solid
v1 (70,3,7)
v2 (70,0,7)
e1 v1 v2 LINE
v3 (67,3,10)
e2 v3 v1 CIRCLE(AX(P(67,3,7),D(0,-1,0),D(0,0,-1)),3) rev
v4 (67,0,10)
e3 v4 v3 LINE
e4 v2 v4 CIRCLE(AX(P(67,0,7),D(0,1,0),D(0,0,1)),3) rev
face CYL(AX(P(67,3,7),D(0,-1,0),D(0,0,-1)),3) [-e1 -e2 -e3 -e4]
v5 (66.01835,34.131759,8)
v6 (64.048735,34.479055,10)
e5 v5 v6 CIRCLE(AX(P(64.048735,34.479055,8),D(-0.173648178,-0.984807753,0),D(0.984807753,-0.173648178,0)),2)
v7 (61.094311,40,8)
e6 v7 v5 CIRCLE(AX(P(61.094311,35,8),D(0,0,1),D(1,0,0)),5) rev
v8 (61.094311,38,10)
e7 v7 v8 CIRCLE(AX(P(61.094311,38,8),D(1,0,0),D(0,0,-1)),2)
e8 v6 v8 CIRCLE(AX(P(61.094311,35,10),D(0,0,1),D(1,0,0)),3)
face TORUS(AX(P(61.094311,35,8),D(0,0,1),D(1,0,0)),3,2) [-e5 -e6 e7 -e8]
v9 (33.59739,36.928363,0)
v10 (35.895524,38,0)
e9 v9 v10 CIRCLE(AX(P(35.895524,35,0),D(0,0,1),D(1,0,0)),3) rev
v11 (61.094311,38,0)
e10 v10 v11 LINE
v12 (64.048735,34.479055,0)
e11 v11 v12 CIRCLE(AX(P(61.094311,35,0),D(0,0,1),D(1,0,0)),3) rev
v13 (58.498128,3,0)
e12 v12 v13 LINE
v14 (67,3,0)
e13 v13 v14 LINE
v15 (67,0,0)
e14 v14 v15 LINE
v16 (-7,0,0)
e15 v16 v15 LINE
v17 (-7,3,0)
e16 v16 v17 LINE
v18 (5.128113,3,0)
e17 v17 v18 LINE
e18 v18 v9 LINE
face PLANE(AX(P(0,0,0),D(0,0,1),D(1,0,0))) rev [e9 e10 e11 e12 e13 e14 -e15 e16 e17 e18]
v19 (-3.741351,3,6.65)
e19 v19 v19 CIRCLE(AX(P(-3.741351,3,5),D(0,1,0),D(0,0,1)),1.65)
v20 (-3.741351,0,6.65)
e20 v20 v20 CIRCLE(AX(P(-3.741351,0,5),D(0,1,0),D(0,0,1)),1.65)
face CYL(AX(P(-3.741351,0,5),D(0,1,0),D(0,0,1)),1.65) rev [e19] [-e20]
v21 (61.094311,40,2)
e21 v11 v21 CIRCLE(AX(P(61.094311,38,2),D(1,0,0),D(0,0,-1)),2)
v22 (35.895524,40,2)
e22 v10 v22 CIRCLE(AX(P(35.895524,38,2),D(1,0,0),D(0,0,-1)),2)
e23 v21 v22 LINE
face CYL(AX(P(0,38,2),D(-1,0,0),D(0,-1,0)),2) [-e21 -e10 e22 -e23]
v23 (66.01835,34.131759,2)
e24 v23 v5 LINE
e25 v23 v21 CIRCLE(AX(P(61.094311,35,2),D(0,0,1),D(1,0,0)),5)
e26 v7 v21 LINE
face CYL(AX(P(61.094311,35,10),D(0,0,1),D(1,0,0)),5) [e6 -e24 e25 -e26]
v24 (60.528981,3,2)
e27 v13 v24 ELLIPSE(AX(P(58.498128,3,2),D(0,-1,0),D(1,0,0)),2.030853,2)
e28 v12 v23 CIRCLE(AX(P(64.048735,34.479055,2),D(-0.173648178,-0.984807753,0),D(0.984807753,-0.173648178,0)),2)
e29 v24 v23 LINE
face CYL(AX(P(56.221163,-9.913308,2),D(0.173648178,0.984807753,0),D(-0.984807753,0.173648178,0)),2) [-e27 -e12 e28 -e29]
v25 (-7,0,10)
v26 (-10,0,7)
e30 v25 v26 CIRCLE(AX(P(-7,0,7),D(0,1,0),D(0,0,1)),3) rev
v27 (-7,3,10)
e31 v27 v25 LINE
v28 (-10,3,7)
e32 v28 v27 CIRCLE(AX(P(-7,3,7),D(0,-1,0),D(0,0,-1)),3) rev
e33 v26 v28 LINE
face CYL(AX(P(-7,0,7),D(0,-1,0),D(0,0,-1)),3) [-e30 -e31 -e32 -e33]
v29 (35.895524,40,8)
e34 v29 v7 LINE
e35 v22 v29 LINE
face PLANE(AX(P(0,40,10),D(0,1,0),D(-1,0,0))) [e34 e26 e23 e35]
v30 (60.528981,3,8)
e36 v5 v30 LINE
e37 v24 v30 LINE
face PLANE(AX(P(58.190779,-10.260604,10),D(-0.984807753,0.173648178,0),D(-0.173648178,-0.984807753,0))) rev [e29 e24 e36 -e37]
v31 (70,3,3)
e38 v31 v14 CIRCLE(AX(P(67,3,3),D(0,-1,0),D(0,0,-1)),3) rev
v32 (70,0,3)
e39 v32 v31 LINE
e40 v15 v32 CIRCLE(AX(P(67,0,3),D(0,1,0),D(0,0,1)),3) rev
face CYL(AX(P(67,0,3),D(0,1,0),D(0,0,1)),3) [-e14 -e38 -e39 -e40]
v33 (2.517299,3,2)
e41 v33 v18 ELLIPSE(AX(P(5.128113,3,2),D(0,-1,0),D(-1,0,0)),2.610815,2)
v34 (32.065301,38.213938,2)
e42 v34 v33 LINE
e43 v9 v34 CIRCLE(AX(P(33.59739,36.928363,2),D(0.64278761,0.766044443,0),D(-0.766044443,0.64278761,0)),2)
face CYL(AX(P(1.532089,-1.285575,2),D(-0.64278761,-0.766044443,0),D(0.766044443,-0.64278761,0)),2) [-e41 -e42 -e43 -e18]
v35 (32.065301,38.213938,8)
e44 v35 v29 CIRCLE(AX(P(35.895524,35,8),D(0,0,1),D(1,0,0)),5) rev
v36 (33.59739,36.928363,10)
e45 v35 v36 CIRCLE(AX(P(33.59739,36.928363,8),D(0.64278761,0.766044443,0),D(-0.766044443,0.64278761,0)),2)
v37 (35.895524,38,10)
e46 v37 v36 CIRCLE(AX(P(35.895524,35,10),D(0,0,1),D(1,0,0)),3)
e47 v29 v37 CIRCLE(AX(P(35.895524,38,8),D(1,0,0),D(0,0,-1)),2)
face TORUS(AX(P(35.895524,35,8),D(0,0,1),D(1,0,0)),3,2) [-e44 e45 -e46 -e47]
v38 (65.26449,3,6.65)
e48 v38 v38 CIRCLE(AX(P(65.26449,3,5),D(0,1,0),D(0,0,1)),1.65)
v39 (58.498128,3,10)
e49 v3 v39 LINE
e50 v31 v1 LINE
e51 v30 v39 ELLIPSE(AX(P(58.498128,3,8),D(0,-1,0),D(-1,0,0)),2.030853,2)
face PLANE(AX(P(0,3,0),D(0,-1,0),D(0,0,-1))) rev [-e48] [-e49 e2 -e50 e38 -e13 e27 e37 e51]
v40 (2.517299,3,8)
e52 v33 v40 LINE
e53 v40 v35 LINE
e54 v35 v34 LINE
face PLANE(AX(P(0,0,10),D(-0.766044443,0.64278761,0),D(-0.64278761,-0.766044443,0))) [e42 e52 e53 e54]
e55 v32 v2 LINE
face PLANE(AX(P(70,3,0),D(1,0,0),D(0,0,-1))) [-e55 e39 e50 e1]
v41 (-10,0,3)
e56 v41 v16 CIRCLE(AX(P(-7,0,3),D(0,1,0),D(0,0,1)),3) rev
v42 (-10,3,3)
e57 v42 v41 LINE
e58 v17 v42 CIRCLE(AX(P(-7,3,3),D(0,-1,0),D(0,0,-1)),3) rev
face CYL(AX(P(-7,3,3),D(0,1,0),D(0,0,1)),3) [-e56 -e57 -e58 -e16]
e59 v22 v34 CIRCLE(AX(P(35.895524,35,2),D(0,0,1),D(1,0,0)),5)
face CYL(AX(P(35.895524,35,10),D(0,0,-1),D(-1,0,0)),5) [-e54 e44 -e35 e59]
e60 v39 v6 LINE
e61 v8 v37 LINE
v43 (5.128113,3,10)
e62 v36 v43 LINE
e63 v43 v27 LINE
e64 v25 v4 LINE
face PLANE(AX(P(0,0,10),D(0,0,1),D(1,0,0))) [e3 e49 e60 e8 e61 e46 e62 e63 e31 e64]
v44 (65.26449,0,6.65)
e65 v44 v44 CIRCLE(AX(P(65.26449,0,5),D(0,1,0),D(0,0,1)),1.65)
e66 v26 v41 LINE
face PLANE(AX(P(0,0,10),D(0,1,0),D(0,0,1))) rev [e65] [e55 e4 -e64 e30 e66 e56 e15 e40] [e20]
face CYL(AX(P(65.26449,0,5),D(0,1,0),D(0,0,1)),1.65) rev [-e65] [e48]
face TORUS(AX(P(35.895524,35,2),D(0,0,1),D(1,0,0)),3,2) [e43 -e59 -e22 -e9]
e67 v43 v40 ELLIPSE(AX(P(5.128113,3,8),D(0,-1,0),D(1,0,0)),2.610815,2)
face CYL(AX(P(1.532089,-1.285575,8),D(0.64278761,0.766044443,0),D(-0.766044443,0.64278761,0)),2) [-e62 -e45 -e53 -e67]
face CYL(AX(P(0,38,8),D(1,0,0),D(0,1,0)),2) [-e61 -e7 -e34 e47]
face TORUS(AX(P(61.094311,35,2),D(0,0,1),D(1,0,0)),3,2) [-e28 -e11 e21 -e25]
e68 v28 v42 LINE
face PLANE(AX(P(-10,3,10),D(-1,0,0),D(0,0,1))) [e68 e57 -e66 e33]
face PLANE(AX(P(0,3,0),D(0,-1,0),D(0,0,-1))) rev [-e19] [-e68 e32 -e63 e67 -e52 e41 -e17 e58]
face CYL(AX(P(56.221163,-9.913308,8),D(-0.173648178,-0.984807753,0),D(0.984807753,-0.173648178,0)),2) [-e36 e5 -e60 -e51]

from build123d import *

# Parameters (mm, degrees)
BOSS_EXTRUDE1_DEPTH = 10
BOSS_EXTRUDE2_DEPTH = 3
FILLET2_R           = 3
SKETCH3_R           = 1.65
CUT_EXTRUDE2_DEPTH  = 80.806014811
FILLET4_R           = 5
FILLET3_R           = 2


with BuildPart() as part:
    # Sketch1 → Boss-Extrude1 (new body)
    with BuildSketch(Plane.XY):
        Polygon((0, 0), (60, 0), (67.053079228, 40), (33.563985247, 40), align=None)
    extrude(amount=BOSS_EXTRUDE1_DEPTH)

    # Sketch2 → Boss-Extrude2 (add)
    with BuildSketch(Plane.XZ):
        Polygon((0, 10), (-10, 10), (-10, 0), (0, 0), (70, 0), (70, 10), (60, 10), align=None)
    extrude(amount=-BOSS_EXTRUDE2_DEPTH)

    # Fillet2
    fillet2_edges = [part.edges().sort_by_distance(p)[0] for p in [
        (70, 1.5, 0),
        (-10, 1.5, 10),
        (70, 1.5, 10),
        (-10, 1.5, 0),
    ]]
    fillet(fillet2_edges, radius=FILLET2_R)

    # Sketch3 → Cut-Extrude2 (cut, through all)
    with BuildSketch(Plane(origin=(0, 3, 0), x_dir=(1, 0, 0), z_dir=(0, 1, 0))):
        with Locations(Location((65.264490471, -5, 0), (0, 0, 270))):
            Circle(SKETCH3_R)
        with Locations(Location((-3.741350553, -5, 0), (0, 0, 270))):
            Circle(SKETCH3_R)
    extrude(amount=-CUT_EXTRUDE2_DEPTH, mode=Mode.SUBTRACT)

    # Fillet4
    fillet4_edges = [part.edges().sort_by_distance(p)[0] for p in [
        (67.053079228, 40, 5),
        (33.563985247, 40, 5),
    ]]
    fillet(fillet4_edges, radius=FILLET4_R)

    # Fillet3
    fillet3_edges = [part.edges().sort_by_distance(p)[0] for p in [
        (63.273665486, 18.565879556, 0),
        (17.291300108, 20.606969024, 0),
        (17.291300108, 20.606969024, 10),
        (63.273665486, 18.565879556, 10),
        (48.494917402, 40, 0),
        (48.494917402, 40, 10),
        (33.782432229, 39.531538935, 0),
        (64.924533481, 38.213938048, 0),
        (33.782432229, 39.531538935, 10),
        (64.924533481, 38.213938048, 10),
    ]]
    fillet(fillet3_edges, radius=FILLET3_R)


solid = part.part
